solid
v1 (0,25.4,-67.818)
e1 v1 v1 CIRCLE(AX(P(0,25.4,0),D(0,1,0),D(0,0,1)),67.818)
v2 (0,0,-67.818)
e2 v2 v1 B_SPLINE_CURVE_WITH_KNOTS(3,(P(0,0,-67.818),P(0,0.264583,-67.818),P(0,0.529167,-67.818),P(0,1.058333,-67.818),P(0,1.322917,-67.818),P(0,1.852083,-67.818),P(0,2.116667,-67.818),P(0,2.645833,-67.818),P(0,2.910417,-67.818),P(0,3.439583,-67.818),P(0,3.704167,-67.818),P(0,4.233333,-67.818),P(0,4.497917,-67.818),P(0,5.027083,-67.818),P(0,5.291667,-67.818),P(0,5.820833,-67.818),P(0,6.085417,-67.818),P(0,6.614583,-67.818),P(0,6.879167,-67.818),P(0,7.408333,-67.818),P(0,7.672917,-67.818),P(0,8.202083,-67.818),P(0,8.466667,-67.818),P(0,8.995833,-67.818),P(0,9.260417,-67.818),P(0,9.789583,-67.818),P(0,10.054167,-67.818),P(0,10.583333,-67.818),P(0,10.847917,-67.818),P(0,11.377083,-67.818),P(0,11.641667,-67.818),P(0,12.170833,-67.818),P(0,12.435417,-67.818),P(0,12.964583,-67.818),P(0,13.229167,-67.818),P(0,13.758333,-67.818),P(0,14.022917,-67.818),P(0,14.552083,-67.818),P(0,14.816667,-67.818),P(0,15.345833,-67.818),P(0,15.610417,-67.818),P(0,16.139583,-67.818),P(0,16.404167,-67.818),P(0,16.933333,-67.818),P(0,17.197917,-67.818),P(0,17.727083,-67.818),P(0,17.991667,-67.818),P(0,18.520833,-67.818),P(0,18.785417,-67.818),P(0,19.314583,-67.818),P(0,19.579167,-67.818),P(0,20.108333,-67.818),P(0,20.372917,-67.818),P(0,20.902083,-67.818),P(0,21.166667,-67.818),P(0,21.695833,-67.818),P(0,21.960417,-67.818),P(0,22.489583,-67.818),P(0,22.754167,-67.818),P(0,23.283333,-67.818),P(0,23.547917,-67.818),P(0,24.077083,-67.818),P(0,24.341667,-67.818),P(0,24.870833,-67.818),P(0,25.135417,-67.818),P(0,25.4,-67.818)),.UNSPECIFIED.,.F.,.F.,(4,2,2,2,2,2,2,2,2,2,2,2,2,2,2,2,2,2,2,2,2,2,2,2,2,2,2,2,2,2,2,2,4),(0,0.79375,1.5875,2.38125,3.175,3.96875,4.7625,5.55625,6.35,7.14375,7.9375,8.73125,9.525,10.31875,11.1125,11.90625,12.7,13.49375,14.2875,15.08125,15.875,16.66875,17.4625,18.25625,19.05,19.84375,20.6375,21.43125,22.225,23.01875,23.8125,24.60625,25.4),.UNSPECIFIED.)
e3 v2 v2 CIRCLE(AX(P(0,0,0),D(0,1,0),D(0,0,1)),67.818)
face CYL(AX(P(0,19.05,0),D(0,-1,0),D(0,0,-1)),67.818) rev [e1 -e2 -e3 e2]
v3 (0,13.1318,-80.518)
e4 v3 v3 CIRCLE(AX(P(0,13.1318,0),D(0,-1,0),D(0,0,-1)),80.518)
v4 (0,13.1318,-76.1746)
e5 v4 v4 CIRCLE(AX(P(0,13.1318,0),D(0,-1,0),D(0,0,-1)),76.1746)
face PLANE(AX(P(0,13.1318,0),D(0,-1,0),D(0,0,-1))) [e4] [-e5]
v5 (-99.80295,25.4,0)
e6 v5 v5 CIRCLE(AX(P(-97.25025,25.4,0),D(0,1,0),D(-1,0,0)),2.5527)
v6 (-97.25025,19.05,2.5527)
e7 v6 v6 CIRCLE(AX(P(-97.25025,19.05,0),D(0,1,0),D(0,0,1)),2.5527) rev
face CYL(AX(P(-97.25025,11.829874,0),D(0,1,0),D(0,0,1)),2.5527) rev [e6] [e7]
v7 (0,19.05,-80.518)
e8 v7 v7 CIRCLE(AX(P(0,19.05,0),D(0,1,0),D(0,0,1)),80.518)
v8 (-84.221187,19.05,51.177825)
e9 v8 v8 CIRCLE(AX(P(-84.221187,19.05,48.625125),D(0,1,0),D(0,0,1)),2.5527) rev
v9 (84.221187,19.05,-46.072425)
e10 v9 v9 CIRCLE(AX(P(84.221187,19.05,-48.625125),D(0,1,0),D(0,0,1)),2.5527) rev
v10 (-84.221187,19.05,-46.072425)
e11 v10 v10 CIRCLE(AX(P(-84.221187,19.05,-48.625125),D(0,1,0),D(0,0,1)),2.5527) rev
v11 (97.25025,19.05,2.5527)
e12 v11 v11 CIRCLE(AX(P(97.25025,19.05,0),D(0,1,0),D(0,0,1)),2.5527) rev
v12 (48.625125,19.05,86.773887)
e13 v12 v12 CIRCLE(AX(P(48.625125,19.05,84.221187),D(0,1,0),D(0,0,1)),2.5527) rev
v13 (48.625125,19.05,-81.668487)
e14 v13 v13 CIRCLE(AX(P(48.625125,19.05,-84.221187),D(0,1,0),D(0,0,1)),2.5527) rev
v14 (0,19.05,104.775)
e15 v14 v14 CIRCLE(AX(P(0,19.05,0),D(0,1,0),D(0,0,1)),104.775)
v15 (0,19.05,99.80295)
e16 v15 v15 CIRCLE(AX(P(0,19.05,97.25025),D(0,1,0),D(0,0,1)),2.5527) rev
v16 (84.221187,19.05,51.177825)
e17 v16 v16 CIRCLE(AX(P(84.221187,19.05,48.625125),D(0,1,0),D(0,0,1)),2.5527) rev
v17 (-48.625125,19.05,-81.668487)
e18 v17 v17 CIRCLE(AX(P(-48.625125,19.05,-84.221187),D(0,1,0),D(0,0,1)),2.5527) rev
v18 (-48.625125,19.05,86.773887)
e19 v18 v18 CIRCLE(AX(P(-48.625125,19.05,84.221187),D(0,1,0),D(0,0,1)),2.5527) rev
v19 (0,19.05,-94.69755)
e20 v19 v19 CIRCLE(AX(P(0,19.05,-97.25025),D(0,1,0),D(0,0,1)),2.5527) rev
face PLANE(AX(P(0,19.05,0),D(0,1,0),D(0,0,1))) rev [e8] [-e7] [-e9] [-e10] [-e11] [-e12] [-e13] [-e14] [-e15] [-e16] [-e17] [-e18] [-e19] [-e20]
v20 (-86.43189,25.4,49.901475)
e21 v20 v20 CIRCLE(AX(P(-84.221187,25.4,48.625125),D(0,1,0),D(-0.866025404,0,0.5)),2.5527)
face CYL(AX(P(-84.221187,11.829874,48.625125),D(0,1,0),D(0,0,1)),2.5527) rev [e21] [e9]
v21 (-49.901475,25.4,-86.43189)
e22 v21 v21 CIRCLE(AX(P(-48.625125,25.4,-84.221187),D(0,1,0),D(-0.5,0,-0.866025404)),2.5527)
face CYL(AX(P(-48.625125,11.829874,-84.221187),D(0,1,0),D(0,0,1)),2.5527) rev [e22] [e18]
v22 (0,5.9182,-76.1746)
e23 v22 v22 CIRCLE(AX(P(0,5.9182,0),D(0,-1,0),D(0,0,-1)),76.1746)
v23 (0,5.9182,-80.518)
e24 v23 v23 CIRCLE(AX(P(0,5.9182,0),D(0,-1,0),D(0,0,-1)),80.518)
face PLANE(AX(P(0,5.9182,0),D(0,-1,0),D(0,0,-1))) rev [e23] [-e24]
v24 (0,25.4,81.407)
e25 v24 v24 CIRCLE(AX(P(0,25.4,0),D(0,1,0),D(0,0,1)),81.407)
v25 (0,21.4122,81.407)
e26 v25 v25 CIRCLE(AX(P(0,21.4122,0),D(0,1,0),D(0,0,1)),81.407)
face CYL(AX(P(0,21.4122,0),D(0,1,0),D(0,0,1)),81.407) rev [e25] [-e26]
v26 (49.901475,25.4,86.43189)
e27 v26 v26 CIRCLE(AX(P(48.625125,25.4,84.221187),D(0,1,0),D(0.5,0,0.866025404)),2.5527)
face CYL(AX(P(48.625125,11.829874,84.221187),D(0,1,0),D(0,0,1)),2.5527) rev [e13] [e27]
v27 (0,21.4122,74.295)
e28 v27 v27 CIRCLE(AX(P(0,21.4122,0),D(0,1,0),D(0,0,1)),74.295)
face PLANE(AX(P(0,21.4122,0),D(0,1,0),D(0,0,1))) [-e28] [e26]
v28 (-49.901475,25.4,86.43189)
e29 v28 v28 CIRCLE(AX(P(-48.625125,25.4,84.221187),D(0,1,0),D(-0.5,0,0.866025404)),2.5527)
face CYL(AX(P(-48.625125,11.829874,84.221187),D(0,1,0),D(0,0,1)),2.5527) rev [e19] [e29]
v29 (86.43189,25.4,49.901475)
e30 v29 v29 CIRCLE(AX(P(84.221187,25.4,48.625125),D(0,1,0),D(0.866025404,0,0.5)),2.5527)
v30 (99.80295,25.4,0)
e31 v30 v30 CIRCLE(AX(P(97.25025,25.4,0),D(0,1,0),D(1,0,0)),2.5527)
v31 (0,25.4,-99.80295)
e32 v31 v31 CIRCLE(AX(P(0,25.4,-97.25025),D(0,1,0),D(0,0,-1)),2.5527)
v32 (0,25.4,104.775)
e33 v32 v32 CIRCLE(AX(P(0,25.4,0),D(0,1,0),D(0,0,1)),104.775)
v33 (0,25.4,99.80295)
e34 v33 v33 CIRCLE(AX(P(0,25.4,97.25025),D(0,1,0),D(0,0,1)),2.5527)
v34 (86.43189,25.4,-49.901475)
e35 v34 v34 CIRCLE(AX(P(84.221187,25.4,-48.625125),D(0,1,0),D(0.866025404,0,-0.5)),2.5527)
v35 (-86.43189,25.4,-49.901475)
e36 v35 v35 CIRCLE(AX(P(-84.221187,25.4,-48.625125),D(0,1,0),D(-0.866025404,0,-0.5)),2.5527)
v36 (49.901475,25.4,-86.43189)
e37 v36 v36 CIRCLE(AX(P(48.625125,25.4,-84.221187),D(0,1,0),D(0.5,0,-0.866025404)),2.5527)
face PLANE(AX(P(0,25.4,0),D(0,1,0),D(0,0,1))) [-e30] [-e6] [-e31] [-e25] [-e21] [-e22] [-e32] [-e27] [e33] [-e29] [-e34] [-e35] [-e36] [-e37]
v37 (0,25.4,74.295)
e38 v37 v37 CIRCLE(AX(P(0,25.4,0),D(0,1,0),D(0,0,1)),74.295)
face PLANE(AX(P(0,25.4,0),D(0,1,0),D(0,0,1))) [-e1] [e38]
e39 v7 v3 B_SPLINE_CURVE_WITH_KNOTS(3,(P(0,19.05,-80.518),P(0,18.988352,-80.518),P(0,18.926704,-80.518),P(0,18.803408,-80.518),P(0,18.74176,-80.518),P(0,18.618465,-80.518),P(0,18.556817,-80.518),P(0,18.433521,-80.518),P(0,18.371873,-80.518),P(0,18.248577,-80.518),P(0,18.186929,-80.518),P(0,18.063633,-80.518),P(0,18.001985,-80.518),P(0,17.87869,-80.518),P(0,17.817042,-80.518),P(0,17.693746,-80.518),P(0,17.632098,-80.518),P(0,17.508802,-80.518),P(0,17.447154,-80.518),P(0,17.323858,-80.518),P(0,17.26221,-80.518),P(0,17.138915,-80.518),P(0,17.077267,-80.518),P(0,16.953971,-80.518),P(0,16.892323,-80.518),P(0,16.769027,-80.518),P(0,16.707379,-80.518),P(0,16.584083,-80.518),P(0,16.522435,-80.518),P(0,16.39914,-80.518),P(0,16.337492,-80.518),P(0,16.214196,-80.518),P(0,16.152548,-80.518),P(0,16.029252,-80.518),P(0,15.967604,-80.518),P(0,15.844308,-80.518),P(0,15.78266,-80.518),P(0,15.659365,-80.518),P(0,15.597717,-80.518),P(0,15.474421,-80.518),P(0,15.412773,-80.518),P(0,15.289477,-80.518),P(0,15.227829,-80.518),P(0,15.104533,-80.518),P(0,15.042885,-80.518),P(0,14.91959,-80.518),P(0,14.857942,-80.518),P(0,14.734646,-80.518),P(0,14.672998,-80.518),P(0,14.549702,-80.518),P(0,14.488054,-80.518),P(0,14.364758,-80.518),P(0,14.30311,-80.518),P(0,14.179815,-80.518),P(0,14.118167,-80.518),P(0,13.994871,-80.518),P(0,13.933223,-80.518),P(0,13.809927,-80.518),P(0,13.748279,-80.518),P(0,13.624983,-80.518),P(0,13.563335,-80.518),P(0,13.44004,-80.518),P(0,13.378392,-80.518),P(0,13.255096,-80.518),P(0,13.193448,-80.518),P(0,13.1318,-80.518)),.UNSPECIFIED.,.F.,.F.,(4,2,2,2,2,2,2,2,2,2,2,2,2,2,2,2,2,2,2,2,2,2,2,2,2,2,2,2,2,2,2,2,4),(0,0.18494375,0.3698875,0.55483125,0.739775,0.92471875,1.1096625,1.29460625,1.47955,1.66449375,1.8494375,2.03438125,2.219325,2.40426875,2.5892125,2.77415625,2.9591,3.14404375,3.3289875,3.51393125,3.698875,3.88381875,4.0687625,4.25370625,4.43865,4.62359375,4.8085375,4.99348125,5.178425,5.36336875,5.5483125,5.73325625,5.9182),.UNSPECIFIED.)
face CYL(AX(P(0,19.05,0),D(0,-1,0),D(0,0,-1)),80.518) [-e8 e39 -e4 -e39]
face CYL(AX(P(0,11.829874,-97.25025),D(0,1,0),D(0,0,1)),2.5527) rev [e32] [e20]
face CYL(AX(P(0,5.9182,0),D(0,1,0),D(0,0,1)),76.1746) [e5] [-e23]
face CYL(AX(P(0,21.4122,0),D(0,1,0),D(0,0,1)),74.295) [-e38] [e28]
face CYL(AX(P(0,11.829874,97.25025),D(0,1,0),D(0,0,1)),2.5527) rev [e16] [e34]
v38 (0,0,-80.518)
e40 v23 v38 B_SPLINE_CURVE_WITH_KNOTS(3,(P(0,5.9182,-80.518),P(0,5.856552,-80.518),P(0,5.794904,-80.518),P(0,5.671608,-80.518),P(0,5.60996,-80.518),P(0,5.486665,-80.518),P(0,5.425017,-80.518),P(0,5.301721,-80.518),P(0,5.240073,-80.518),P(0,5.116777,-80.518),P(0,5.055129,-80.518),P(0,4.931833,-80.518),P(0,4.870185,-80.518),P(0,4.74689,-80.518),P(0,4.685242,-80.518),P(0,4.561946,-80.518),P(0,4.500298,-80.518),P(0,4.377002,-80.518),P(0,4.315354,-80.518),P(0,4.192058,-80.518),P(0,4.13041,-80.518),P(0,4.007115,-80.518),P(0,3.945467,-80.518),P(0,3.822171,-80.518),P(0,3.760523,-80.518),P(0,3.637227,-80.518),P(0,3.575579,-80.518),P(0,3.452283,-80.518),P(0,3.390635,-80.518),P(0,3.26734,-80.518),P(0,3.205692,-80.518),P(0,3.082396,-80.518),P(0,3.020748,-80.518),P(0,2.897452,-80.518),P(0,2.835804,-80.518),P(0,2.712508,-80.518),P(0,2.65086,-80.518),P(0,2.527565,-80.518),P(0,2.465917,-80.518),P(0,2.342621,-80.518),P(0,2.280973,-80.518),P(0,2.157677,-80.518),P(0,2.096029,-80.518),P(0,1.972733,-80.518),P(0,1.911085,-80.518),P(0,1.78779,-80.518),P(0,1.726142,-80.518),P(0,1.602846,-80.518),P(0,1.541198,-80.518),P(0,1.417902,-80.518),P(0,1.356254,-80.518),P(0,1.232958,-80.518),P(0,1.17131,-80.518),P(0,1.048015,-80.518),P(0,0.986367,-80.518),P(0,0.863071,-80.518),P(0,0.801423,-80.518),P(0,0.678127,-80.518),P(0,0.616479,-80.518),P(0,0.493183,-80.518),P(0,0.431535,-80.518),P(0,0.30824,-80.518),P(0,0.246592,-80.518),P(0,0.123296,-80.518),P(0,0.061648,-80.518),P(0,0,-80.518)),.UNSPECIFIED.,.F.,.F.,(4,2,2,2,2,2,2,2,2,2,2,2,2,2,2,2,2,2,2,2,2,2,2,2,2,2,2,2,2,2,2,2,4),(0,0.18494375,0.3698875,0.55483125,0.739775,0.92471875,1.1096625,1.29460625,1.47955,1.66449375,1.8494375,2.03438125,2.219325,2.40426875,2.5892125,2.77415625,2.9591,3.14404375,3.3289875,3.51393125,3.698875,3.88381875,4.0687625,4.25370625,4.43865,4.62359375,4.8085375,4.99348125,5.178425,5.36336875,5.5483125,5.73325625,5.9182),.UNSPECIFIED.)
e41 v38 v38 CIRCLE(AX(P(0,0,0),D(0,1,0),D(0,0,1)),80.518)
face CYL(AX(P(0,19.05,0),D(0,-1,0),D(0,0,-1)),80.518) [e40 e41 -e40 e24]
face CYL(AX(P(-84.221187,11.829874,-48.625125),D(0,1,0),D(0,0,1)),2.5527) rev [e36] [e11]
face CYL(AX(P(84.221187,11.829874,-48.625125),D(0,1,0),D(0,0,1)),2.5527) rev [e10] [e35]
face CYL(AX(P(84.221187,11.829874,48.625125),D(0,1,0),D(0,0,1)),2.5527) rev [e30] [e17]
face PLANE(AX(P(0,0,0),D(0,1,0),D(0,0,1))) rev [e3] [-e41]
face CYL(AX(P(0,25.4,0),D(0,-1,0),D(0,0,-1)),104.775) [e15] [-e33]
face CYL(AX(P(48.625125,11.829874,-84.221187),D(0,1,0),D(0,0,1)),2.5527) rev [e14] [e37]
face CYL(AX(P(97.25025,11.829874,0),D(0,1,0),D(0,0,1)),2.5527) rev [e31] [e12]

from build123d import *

# Parameters (mm, degrees)
SKETCH1_R               = 80.518
SKETCH1_R_2             = 67.818
INNER_CYLINDER_DEPTH    = 19.05
SKETCH2_R               = 104.775
SKETCH2_R_2             = 67.818
FLANGE_DEPTH            = 6.35
SKETCH4_R               = 81.407
SKETCH4_R_2             = 74.295
GROOVE_DEPTH            = 3.9878
SKETCH5_R               = 2.5527
SCREW_HOLES_DEPTH       = 6.35
CIRPATTERN1_COUNT       = 12
CUT_EXTRUDE1_DEPTH      = 3.6068
CUT_EXTRUDE1_DEPTH_BACK = 3.6068
SKETCH7_R               = 80.518
SKETCH7_R_2             = 76.1746


with BuildPart() as part:
    # Sketch1 → Inner Cylinder (new body)
    with BuildSketch(Plane(origin=(0, 0, 0), x_dir=(1, 0, 0), z_dir=(0, 1, 0))):
        with Locations(Location((0, 0, 0), (0, 0, 90))):
            Circle(SKETCH1_R)
        with Locations(Location((0, 0, 0), (0, 0, 90))):
            Circle(SKETCH1_R_2, mode=Mode.SUBTRACT)
    extrude(amount=INNER_CYLINDER_DEPTH)

    # Sketch2 → Flange (add)
    with BuildSketch(Plane(origin=(0, 19.05, 0), x_dir=(1, 0, 0), z_dir=(0, 1, 0))):
        with Locations(Location((0, 0, 0), (0, 0, 270))):
            Circle(SKETCH2_R)
        with Locations(Location((0, 0, 0), (0, 0, 90))):
            Circle(SKETCH2_R_2, mode=Mode.SUBTRACT)
    extrude(amount=FLANGE_DEPTH)

    # Sketch4 → Groove (cut)
    with BuildSketch(Plane(origin=(0, 25.4, 0), x_dir=(1, 0, 0), z_dir=(0, 1, 0))):
        with Locations(Location((0, 0, 0), (0, 0, 270))):
            Circle(SKETCH4_R)
        with Locations(Location((0, 0, 0), (0, 0, 270))):
            Circle(SKETCH4_R_2, mode=Mode.SUBTRACT)
    extrude(amount=-GROOVE_DEPTH, mode=Mode.SUBTRACT)

    # Sketch5 → Screw Holes (cut)
    with BuildSketch(Plane(origin=(0, 25.4, 0), x_dir=(1, 0, 0), z_dir=(0, 1, 0))):
        with Locations(Location((0, -97.25025, 0), (0, 0, 270))):
            Circle(SKETCH5_R)
    screw_holes = extrude(amount=-SCREW_HOLES_DEPTH, mode=Mode.SUBTRACT)

    # CirPattern1: Screw Holes ×12 about axis
    cirpattern1_axis = Axis((0, 0, 0), (0, 1, 0))
    for i in range(1, CIRPATTERN1_COUNT):
        add(screw_holes.rotate(cirpattern1_axis, i * 360 / CIRPATTERN1_COUNT), mode=Mode.SUBTRACT)

    # Sketch7 → Cut-Extrude1 (cut, two sides: drawn at the far end of the back side and taken through both)
    with BuildSketch(Plane(origin=(0, 9.525, 0), x_dir=(-1, 0, 0), z_dir=(0, -1, 0)).offset(-CUT_EXTRUDE1_DEPTH_BACK)):
        with Locations(Location((0, 0, 0), (0, 0, 90))):
            Circle(SKETCH7_R)
        with Locations(Location((0, 0, 0), (0, 0, 90))):
            Circle(SKETCH7_R_2, mode=Mode.SUBTRACT)
    extrude(amount=CUT_EXTRUDE1_DEPTH + CUT_EXTRUDE1_DEPTH_BACK, mode=Mode.SUBTRACT)


solid = part.part
